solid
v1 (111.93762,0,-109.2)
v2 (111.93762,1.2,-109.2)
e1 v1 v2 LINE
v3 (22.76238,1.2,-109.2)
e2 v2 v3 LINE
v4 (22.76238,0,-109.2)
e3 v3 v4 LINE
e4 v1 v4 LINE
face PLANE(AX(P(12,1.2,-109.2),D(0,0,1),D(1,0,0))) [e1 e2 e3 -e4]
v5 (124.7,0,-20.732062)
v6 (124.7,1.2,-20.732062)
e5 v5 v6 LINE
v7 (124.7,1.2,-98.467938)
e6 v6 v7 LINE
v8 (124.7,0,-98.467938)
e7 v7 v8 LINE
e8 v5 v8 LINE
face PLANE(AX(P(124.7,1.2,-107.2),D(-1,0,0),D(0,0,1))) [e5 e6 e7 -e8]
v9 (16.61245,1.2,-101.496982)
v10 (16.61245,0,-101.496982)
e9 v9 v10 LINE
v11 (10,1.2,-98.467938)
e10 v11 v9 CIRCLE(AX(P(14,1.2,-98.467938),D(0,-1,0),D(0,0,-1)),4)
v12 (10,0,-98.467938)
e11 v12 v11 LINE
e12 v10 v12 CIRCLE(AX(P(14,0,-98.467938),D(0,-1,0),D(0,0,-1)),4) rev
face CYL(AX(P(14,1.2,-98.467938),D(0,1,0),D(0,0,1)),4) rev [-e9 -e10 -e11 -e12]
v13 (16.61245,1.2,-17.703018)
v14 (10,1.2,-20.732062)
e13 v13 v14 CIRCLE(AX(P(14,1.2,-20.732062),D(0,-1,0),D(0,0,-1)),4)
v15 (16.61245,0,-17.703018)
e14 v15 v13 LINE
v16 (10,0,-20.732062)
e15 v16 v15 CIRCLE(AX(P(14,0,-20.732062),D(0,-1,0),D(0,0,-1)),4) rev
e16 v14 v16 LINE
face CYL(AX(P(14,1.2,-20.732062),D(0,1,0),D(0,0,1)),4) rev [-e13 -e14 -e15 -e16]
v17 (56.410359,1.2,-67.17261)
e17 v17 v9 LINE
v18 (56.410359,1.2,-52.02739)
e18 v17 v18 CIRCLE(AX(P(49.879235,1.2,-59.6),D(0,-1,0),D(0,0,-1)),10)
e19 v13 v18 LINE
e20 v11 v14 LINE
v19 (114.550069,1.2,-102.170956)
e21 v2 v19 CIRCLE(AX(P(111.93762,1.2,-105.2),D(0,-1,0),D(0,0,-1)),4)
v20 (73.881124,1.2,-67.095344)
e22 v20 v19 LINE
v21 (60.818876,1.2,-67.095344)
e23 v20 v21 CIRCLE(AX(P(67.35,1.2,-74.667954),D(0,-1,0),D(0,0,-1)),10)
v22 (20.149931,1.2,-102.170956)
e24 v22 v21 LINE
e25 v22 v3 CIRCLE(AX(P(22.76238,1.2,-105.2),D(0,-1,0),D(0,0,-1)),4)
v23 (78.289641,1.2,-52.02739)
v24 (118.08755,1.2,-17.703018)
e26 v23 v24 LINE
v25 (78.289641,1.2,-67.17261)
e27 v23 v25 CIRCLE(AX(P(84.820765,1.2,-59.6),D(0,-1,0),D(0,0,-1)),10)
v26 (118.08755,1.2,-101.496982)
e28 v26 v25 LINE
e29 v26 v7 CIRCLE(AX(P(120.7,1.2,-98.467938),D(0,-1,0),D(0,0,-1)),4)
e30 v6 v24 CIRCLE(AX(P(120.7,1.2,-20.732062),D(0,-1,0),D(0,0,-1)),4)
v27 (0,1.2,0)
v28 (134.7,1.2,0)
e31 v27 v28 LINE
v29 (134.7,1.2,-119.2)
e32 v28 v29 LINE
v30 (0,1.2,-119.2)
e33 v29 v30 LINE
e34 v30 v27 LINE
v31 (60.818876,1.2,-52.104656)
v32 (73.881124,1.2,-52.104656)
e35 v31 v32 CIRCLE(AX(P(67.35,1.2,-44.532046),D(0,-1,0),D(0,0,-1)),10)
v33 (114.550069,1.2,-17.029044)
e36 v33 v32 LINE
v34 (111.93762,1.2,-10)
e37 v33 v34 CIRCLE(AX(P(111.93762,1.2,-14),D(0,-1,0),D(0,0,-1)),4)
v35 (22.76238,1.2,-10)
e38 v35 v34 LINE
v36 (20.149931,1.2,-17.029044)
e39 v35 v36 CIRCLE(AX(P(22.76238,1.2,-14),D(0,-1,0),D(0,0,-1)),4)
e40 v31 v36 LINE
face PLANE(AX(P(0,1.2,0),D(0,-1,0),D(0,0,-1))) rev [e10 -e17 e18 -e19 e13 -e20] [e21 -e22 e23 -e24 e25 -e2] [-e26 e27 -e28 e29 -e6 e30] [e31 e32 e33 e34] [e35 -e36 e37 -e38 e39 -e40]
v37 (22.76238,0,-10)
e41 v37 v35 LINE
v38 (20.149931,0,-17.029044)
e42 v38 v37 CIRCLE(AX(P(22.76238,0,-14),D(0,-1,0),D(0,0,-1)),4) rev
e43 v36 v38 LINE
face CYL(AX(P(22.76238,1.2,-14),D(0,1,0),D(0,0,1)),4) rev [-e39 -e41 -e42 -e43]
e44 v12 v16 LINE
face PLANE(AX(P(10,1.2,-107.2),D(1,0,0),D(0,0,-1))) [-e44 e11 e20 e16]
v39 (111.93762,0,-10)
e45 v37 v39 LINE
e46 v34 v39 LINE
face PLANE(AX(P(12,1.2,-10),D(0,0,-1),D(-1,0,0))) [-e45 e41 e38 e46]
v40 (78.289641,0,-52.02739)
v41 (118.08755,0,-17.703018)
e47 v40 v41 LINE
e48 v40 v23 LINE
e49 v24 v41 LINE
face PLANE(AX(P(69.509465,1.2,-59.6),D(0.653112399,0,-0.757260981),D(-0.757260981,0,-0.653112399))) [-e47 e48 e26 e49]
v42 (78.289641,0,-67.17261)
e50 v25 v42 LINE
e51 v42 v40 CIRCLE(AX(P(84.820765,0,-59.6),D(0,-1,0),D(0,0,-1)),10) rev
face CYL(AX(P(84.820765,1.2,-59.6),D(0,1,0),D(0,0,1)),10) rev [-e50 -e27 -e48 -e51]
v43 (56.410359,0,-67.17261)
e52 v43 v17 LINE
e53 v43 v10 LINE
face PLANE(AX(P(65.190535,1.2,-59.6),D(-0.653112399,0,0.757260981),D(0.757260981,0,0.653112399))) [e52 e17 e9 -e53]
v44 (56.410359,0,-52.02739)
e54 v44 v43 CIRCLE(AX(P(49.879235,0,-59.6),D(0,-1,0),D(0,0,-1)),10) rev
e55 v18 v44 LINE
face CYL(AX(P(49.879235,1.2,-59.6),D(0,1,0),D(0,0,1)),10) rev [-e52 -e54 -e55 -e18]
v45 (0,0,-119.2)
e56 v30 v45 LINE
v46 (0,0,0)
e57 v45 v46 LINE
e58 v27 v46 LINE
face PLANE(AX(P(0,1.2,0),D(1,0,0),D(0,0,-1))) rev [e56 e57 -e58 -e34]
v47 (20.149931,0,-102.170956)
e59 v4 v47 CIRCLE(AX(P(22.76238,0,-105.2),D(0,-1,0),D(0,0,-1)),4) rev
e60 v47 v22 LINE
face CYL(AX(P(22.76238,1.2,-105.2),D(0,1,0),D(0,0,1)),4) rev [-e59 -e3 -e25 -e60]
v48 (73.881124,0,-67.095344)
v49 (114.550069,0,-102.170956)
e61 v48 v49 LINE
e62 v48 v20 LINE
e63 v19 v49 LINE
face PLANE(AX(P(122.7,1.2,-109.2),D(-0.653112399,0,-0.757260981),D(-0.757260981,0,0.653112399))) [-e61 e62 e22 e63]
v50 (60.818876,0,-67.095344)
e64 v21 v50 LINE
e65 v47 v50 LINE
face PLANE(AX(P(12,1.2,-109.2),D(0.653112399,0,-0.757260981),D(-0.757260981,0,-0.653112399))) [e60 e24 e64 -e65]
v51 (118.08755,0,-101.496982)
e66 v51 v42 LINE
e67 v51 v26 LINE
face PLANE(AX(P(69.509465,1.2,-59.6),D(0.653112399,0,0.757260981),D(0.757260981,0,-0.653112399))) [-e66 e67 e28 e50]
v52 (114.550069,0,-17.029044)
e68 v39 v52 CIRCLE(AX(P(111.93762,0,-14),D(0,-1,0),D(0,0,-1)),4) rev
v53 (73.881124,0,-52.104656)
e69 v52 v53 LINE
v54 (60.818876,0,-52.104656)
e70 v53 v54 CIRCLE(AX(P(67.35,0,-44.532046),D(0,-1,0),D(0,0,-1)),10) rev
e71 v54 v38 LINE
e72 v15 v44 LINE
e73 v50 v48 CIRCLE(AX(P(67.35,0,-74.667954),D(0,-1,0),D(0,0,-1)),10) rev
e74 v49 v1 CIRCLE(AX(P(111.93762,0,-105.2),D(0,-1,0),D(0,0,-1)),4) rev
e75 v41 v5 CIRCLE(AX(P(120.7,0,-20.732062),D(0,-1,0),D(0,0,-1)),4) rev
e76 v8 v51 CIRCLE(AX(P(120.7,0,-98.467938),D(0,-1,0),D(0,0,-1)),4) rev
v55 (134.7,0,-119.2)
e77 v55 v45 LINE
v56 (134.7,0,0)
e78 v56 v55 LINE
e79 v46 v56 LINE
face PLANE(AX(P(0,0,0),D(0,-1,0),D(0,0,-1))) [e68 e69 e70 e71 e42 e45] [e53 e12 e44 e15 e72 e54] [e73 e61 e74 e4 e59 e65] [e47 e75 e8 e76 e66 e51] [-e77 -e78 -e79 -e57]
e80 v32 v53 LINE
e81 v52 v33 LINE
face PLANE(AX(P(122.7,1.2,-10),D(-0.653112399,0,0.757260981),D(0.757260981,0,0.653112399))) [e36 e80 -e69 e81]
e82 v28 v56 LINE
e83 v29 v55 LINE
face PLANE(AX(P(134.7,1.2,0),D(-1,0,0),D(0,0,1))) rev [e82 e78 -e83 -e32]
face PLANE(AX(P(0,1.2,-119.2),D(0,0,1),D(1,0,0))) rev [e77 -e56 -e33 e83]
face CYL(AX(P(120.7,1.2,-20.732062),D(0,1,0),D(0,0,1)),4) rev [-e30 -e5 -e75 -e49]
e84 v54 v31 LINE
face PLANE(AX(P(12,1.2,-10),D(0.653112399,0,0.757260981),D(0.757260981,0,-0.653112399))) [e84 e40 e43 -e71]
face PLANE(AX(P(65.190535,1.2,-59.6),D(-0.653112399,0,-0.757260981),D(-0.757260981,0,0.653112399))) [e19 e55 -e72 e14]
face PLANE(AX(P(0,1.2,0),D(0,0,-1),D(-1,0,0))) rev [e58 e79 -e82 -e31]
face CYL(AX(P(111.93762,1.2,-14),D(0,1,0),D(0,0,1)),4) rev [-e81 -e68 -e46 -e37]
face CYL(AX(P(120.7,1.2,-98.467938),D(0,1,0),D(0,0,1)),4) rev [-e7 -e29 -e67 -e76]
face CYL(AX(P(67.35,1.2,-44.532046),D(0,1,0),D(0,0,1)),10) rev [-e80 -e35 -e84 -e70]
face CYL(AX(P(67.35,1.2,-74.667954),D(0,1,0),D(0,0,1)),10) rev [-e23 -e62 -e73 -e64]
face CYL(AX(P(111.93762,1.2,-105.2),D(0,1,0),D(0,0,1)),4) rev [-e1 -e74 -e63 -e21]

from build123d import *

# Parameters (mm, degrees)
SKETCH1_W           = 134.7
SKETCH1_H           = 119.2
BOSS_EXTRUDE1_DEPTH = 1.2
FILLET1_R           = 10
FILLET2_R           = 4


with BuildPart() as part:
    # Sketch1 → Boss-Extrude1 (new body)
    with BuildSketch(Plane(origin=(0, 0, 0), x_dir=(1, 0, 0), z_dir=(0, 1, 0))):
        with Locations((67.35, 59.6)):
            Rectangle(SKETCH1_W, SKETCH1_H)
        Polygon((122.7, 109.2), (67.35, 61.462466726), (12, 109.2), align=None, mode=Mode.SUBTRACT)
        Polygon((10, 107.2), (10, 12), (65.190534979, 59.6), align=None, mode=Mode.SUBTRACT)
        Polygon((12, 10), (122.7, 10), (67.35, 57.737533274), align=None, mode=Mode.SUBTRACT)
        Polygon((124.7, 107.2), (124.7, 12), (69.509465021, 59.6), align=None, mode=Mode.SUBTRACT)
    extrude(amount=BOSS_EXTRUDE1_DEPTH)

    # Fillet1
    fillet1_edges = [part.edges().sort_by_distance(p)[0] for p in [
        (67.35, 0.6, -61.462466726),
        (65.190534979, 0.6, -59.6),
        (67.35, 0.6, -57.737533274),
        (69.509465021, 0.6, -59.6),
    ]]
    fillet(fillet1_edges, radius=FILLET1_R)

    # Fillet2
    fillet2_edges = [part.edges().sort_by_distance(p)[0] for p in [
        (12, 0.6, -109.2),
        (122.7, 0.6, -109.2),
        (10, 0.6, -107.2),
        (10, 0.6, -12),
        (122.7, 0.6, -10),
        (12, 0.6, -10),
        (124.7, 0.6, -107.2),
        (124.7, 0.6, -12),
    ]]
    fillet(fillet2_edges, radius=FILLET2_R)


solid = part.part
